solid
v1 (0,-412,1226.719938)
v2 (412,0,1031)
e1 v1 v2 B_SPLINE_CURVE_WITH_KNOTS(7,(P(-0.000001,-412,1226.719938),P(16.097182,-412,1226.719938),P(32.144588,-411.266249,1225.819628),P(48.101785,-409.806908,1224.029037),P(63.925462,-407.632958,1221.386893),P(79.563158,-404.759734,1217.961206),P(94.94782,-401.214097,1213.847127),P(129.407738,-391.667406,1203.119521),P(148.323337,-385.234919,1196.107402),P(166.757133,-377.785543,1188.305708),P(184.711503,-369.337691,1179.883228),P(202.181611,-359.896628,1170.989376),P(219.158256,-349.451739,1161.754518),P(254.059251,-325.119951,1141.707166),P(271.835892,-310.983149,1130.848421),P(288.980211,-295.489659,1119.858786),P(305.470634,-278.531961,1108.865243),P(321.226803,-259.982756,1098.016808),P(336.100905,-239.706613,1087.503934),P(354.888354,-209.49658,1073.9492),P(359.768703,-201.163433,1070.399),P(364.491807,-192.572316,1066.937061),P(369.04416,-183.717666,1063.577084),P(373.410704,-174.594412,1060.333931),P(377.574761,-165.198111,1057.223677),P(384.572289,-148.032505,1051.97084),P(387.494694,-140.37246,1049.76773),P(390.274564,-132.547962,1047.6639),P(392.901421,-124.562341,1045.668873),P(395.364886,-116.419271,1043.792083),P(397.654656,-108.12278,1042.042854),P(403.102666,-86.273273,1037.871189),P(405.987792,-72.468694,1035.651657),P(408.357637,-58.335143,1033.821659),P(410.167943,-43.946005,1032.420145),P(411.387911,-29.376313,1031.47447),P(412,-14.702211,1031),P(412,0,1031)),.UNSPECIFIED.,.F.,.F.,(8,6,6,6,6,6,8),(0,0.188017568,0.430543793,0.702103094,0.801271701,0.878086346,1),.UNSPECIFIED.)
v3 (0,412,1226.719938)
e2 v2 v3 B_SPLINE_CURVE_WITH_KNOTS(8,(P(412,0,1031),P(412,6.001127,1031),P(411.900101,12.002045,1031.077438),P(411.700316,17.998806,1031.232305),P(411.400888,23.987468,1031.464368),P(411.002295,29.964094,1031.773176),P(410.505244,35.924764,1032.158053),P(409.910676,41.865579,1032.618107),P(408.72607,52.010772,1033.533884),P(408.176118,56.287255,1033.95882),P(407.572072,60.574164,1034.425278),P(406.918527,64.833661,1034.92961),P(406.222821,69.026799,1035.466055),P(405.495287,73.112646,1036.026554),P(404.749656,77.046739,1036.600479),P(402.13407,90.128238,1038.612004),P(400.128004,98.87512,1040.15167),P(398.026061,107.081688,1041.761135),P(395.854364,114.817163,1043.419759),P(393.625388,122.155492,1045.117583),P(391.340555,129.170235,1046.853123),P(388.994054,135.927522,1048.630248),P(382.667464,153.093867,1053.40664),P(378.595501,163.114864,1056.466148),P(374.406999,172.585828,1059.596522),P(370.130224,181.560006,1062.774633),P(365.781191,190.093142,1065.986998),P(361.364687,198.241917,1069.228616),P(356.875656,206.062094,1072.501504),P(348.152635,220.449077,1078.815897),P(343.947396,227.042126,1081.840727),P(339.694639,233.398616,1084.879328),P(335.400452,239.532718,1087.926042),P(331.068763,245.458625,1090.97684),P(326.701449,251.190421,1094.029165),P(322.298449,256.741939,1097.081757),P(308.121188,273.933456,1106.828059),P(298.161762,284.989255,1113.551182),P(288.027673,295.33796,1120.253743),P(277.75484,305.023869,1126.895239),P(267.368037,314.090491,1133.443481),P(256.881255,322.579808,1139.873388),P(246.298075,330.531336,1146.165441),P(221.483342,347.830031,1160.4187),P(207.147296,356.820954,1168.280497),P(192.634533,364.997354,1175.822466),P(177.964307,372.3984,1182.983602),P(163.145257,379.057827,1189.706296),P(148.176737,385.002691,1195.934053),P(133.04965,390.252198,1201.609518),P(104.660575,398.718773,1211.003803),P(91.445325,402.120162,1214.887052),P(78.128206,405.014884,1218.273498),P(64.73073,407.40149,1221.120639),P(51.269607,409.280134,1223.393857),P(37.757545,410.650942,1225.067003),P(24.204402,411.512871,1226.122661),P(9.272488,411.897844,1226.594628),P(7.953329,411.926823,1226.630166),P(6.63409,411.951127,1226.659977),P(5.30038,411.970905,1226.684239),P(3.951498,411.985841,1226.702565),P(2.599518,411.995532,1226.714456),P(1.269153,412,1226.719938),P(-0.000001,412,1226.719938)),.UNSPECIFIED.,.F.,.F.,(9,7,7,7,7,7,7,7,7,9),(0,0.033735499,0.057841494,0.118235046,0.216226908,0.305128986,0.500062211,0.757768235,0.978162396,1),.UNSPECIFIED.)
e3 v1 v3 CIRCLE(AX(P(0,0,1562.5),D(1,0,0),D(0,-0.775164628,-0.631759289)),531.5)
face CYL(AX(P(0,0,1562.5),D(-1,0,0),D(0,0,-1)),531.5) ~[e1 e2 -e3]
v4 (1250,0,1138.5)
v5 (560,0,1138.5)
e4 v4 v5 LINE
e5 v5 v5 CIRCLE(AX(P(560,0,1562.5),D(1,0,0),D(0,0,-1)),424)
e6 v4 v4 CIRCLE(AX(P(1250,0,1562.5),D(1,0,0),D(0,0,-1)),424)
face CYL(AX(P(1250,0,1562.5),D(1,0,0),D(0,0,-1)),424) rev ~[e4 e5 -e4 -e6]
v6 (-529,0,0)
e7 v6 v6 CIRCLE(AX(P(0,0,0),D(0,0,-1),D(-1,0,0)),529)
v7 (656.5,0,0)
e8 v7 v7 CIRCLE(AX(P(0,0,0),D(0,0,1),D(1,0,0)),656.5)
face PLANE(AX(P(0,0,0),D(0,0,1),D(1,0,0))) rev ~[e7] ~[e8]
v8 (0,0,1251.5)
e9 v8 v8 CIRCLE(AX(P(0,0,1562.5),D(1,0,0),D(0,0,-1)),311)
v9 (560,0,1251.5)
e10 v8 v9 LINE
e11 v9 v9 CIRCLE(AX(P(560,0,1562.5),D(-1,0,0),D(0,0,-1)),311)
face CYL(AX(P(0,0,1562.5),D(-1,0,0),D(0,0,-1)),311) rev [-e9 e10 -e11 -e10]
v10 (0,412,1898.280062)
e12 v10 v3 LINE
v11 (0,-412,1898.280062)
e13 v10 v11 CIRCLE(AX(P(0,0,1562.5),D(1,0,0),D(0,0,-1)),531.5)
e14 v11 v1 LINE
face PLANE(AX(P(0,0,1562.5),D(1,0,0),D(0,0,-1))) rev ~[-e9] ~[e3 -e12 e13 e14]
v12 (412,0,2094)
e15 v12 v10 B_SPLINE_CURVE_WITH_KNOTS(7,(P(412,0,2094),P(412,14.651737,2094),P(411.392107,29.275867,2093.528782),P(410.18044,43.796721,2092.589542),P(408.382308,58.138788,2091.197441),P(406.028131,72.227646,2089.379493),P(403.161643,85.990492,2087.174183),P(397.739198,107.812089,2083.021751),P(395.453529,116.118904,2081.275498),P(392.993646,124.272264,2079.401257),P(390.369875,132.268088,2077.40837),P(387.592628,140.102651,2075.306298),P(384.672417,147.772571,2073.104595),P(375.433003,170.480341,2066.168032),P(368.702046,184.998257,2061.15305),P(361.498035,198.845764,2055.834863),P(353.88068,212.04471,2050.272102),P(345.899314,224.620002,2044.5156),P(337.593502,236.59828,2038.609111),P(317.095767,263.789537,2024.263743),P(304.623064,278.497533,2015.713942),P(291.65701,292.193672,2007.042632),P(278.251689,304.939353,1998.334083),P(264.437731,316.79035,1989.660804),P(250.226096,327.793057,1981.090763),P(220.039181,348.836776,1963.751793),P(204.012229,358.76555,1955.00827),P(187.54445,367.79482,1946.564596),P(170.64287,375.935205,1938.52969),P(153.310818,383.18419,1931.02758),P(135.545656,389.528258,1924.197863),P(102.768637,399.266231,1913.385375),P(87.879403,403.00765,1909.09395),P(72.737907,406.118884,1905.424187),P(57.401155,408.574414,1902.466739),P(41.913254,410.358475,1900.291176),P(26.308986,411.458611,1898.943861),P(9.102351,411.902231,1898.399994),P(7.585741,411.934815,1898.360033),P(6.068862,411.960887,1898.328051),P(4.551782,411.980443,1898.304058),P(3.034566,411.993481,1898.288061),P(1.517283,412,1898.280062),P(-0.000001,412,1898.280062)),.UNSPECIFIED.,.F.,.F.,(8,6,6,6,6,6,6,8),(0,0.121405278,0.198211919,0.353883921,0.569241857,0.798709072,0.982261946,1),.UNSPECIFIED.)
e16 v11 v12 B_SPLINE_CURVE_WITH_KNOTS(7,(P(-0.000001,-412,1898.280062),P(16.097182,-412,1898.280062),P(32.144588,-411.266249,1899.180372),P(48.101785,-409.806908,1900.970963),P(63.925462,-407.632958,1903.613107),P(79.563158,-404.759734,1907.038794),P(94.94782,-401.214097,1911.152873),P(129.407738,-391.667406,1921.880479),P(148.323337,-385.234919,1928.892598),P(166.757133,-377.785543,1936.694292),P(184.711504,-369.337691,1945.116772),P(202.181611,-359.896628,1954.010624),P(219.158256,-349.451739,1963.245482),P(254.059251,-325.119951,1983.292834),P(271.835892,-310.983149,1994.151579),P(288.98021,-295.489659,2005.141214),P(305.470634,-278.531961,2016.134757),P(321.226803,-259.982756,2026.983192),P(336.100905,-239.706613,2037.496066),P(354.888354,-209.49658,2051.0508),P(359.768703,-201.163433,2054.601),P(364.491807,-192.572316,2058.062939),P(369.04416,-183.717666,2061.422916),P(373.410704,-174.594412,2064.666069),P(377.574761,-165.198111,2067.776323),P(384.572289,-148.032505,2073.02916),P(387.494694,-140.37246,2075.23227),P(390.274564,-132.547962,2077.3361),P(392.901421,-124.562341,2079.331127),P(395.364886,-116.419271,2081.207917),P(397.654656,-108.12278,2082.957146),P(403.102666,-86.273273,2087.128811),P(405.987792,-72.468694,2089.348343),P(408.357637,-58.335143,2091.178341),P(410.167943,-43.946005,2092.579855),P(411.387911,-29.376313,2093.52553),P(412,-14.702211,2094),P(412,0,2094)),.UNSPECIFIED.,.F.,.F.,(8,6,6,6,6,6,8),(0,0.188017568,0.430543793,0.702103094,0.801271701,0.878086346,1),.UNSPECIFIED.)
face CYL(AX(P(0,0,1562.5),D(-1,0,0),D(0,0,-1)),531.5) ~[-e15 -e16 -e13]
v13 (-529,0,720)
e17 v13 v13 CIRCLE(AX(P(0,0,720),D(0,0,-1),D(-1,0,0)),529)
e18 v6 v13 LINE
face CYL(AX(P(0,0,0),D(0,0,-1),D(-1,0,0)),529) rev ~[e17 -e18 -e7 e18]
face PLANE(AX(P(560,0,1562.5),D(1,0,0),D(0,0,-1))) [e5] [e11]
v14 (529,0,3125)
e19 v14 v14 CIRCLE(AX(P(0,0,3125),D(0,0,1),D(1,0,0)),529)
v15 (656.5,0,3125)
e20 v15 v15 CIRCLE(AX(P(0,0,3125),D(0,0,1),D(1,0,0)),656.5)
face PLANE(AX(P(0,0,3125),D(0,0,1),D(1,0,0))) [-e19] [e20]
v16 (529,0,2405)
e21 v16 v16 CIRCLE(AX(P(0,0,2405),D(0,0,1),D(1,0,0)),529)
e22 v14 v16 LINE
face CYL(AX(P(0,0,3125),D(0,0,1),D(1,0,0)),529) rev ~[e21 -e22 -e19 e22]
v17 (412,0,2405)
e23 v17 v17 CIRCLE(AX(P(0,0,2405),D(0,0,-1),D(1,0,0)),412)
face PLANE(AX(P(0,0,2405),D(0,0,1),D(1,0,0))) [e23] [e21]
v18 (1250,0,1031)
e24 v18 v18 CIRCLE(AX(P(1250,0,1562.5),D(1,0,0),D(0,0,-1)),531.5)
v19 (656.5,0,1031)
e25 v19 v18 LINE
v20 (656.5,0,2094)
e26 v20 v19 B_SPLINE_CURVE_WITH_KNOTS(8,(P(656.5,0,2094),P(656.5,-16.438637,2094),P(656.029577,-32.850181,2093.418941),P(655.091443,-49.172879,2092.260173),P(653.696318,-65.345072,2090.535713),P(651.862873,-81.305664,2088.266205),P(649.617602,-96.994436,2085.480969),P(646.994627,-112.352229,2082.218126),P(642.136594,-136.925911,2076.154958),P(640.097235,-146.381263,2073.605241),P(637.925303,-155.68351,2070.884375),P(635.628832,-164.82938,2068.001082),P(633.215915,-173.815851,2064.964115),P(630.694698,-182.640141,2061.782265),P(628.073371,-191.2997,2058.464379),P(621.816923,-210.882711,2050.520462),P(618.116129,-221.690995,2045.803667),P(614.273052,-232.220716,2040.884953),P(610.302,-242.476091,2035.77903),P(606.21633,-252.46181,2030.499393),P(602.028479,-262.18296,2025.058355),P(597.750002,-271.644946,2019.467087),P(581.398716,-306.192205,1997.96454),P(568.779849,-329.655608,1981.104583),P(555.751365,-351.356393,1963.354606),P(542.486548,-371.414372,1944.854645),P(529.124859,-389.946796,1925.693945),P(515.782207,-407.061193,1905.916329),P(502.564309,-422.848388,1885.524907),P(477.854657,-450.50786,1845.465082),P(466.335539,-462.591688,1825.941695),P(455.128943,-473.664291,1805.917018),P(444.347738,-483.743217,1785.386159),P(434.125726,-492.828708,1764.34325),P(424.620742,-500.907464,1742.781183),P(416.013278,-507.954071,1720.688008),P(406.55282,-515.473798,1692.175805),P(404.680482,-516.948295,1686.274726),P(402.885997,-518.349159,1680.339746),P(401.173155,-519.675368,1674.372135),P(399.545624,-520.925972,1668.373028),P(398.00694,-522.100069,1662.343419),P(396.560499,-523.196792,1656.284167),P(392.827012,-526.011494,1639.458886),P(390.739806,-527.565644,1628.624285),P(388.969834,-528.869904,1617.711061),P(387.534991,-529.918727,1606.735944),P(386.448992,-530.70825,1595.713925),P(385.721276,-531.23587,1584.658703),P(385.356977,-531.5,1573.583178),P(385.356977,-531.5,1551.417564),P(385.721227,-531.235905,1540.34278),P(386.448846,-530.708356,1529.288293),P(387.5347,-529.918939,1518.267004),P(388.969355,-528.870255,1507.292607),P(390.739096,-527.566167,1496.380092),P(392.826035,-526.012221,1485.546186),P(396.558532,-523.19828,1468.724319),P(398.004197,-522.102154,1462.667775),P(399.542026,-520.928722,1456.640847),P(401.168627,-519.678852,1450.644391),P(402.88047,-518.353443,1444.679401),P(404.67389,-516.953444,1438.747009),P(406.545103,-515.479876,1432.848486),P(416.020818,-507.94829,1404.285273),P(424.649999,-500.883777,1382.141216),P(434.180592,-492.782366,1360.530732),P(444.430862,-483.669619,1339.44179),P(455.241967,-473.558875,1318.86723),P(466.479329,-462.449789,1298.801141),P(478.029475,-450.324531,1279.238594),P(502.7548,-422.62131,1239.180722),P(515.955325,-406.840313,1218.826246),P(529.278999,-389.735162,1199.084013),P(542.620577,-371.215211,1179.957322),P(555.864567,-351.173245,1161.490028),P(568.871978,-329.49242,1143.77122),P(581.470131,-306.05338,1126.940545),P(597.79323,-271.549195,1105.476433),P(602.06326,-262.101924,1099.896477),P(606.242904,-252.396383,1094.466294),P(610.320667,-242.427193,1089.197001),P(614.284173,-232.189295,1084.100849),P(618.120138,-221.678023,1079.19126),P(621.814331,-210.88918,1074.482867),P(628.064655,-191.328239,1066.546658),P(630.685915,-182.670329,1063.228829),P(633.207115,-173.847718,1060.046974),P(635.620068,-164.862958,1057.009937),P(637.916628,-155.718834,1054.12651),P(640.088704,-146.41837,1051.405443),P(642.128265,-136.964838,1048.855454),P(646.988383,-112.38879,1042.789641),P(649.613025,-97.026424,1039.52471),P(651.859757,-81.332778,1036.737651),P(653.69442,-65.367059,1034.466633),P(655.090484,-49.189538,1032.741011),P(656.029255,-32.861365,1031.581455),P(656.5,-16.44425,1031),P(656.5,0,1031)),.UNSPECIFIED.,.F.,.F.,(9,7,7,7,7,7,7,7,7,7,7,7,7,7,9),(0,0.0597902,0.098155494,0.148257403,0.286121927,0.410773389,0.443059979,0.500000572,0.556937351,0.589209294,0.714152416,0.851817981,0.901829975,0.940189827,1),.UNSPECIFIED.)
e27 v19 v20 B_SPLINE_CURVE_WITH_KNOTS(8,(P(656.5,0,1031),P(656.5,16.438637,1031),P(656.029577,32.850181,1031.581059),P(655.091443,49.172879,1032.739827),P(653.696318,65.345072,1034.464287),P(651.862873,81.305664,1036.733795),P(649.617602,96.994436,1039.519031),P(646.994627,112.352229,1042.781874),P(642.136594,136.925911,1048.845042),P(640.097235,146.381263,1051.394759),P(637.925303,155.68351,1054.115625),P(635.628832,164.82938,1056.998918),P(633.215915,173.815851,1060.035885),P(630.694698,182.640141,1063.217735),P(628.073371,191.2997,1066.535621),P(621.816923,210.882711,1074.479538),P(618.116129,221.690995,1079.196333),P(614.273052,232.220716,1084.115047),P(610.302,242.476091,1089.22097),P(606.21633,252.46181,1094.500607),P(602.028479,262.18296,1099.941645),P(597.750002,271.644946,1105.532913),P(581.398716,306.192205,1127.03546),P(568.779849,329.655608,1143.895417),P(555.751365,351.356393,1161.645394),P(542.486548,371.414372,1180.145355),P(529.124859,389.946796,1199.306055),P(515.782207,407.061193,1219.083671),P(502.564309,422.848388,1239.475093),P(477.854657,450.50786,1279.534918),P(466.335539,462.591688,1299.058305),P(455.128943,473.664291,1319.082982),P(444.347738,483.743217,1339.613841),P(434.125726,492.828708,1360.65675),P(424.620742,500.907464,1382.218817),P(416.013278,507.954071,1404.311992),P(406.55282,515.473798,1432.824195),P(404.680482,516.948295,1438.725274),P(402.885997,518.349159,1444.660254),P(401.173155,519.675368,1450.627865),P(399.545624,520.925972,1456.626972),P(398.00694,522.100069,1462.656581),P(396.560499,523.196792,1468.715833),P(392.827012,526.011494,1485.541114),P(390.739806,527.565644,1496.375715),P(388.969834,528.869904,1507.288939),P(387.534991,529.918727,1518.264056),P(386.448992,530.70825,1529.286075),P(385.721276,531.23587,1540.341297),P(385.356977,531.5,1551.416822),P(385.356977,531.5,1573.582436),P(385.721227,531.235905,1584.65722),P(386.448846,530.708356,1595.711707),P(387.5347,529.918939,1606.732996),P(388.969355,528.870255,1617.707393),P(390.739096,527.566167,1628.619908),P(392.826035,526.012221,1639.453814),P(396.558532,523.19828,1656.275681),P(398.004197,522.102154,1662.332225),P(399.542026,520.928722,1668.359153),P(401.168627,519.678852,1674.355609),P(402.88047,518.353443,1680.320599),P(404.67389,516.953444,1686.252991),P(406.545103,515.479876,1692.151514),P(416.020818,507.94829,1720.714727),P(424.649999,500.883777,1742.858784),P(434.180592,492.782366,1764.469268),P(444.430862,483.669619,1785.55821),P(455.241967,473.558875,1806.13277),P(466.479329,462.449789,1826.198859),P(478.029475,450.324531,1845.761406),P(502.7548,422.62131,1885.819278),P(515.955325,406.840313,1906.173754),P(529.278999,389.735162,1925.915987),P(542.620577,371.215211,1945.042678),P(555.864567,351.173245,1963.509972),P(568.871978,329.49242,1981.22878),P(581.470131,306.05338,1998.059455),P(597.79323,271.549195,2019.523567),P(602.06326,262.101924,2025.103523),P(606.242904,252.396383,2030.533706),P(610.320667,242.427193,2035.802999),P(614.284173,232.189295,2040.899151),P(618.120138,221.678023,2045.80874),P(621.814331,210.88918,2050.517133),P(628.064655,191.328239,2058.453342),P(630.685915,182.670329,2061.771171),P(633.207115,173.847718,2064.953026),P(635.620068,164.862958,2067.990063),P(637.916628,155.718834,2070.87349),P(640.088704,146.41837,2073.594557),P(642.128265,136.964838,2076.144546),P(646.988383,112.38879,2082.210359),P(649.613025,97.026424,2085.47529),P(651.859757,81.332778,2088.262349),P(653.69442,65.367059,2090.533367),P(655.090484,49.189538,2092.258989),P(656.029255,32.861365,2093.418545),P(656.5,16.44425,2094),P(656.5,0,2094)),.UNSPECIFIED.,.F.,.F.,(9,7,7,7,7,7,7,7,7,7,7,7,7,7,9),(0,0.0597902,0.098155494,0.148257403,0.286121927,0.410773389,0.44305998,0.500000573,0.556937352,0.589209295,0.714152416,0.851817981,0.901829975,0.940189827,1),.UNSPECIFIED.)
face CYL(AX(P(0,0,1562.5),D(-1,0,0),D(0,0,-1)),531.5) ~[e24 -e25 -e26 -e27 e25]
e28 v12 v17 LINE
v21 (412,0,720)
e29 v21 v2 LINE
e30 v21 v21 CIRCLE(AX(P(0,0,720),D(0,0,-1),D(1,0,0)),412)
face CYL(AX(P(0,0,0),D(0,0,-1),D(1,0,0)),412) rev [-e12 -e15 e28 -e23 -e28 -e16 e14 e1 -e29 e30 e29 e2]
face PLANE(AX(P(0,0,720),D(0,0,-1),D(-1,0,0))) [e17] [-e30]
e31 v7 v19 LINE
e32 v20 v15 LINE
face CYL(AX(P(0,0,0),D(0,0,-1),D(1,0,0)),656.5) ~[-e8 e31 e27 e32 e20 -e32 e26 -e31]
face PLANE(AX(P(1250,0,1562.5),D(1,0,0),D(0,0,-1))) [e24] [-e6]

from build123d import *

# Parameters (mm, degrees)
SKETCH1_R           = 656.5
SKETCH1_R_2         = 412
BOSS_EXTRUDE1_DEPTH = 3125
SKETCH2_R           = 529
CUT_EXTRUDE1_DEPTH  = 720
SKETCH3_R           = 529
CUT_EXTRUDE2_DEPTH  = 720
SKETCH7_R           = 531.5
SKETCH7_R_2         = 311
BOSS_EXTRUDE3_DEPTH = 1250
SKETCH8_R           = 311
CUT_EXTRUDE7_DEPTH  = 1250
SKETCH10_R          = 424
CUT_EXTRUDE8_DEPTH  = 690


with BuildPart() as part:
    # Sketch1 → Boss-Extrude1 (new body)
    with BuildSketch(Plane.XY):
        Circle(SKETCH1_R)
        Circle(SKETCH1_R_2, mode=Mode.SUBTRACT)
    extrude(amount=BOSS_EXTRUDE1_DEPTH)

    # Sketch2 → Cut-Extrude1 (cut)
    with BuildSketch(Plane.XY.offset(3125)):
        Circle(SKETCH2_R)
    extrude(amount=-CUT_EXTRUDE1_DEPTH, mode=Mode.SUBTRACT)

    # Sketch3 → Cut-Extrude2 (cut)
    with BuildSketch(Plane(origin=(0, 0, 0), x_dir=(-1, 0, 0), z_dir=(0, 0, -1))):
        Circle(SKETCH3_R)
    extrude(amount=-CUT_EXTRUDE2_DEPTH, mode=Mode.SUBTRACT)

    # Sketch7 → Boss-Extrude3 (add)
    with BuildSketch(Plane(origin=(0, 0, 0), x_dir=(0, 0, -1), z_dir=(1, 0, 0))):
        with Locations((-1562.5, 0)):
            Circle(SKETCH7_R)
        with Locations((-1562.5, 0)):
            Circle(SKETCH7_R_2, mode=Mode.SUBTRACT)
    extrude(amount=BOSS_EXTRUDE3_DEPTH)

    # Sketch8 → Cut-Extrude7 (cut)
    with BuildSketch(Plane(origin=(0, 0, 0), x_dir=(0, 0, -1), z_dir=(1, 0, 0))):
        with Locations((-1562.5, 0)):
            Circle(SKETCH8_R)
    extrude(amount=CUT_EXTRUDE7_DEPTH, mode=Mode.SUBTRACT)

    # Sketch10 → Cut-Extrude8 (cut)
    with BuildSketch(Plane(origin=(1250, 0, 0), x_dir=(0, 0, -1), z_dir=(1, 0, 0))):
        with Locations((-1562.5, 0)):
            Circle(SKETCH10_R)
    extrude(amount=-CUT_EXTRUDE8_DEPTH, mode=Mode.SUBTRACT)


solid = part.part
